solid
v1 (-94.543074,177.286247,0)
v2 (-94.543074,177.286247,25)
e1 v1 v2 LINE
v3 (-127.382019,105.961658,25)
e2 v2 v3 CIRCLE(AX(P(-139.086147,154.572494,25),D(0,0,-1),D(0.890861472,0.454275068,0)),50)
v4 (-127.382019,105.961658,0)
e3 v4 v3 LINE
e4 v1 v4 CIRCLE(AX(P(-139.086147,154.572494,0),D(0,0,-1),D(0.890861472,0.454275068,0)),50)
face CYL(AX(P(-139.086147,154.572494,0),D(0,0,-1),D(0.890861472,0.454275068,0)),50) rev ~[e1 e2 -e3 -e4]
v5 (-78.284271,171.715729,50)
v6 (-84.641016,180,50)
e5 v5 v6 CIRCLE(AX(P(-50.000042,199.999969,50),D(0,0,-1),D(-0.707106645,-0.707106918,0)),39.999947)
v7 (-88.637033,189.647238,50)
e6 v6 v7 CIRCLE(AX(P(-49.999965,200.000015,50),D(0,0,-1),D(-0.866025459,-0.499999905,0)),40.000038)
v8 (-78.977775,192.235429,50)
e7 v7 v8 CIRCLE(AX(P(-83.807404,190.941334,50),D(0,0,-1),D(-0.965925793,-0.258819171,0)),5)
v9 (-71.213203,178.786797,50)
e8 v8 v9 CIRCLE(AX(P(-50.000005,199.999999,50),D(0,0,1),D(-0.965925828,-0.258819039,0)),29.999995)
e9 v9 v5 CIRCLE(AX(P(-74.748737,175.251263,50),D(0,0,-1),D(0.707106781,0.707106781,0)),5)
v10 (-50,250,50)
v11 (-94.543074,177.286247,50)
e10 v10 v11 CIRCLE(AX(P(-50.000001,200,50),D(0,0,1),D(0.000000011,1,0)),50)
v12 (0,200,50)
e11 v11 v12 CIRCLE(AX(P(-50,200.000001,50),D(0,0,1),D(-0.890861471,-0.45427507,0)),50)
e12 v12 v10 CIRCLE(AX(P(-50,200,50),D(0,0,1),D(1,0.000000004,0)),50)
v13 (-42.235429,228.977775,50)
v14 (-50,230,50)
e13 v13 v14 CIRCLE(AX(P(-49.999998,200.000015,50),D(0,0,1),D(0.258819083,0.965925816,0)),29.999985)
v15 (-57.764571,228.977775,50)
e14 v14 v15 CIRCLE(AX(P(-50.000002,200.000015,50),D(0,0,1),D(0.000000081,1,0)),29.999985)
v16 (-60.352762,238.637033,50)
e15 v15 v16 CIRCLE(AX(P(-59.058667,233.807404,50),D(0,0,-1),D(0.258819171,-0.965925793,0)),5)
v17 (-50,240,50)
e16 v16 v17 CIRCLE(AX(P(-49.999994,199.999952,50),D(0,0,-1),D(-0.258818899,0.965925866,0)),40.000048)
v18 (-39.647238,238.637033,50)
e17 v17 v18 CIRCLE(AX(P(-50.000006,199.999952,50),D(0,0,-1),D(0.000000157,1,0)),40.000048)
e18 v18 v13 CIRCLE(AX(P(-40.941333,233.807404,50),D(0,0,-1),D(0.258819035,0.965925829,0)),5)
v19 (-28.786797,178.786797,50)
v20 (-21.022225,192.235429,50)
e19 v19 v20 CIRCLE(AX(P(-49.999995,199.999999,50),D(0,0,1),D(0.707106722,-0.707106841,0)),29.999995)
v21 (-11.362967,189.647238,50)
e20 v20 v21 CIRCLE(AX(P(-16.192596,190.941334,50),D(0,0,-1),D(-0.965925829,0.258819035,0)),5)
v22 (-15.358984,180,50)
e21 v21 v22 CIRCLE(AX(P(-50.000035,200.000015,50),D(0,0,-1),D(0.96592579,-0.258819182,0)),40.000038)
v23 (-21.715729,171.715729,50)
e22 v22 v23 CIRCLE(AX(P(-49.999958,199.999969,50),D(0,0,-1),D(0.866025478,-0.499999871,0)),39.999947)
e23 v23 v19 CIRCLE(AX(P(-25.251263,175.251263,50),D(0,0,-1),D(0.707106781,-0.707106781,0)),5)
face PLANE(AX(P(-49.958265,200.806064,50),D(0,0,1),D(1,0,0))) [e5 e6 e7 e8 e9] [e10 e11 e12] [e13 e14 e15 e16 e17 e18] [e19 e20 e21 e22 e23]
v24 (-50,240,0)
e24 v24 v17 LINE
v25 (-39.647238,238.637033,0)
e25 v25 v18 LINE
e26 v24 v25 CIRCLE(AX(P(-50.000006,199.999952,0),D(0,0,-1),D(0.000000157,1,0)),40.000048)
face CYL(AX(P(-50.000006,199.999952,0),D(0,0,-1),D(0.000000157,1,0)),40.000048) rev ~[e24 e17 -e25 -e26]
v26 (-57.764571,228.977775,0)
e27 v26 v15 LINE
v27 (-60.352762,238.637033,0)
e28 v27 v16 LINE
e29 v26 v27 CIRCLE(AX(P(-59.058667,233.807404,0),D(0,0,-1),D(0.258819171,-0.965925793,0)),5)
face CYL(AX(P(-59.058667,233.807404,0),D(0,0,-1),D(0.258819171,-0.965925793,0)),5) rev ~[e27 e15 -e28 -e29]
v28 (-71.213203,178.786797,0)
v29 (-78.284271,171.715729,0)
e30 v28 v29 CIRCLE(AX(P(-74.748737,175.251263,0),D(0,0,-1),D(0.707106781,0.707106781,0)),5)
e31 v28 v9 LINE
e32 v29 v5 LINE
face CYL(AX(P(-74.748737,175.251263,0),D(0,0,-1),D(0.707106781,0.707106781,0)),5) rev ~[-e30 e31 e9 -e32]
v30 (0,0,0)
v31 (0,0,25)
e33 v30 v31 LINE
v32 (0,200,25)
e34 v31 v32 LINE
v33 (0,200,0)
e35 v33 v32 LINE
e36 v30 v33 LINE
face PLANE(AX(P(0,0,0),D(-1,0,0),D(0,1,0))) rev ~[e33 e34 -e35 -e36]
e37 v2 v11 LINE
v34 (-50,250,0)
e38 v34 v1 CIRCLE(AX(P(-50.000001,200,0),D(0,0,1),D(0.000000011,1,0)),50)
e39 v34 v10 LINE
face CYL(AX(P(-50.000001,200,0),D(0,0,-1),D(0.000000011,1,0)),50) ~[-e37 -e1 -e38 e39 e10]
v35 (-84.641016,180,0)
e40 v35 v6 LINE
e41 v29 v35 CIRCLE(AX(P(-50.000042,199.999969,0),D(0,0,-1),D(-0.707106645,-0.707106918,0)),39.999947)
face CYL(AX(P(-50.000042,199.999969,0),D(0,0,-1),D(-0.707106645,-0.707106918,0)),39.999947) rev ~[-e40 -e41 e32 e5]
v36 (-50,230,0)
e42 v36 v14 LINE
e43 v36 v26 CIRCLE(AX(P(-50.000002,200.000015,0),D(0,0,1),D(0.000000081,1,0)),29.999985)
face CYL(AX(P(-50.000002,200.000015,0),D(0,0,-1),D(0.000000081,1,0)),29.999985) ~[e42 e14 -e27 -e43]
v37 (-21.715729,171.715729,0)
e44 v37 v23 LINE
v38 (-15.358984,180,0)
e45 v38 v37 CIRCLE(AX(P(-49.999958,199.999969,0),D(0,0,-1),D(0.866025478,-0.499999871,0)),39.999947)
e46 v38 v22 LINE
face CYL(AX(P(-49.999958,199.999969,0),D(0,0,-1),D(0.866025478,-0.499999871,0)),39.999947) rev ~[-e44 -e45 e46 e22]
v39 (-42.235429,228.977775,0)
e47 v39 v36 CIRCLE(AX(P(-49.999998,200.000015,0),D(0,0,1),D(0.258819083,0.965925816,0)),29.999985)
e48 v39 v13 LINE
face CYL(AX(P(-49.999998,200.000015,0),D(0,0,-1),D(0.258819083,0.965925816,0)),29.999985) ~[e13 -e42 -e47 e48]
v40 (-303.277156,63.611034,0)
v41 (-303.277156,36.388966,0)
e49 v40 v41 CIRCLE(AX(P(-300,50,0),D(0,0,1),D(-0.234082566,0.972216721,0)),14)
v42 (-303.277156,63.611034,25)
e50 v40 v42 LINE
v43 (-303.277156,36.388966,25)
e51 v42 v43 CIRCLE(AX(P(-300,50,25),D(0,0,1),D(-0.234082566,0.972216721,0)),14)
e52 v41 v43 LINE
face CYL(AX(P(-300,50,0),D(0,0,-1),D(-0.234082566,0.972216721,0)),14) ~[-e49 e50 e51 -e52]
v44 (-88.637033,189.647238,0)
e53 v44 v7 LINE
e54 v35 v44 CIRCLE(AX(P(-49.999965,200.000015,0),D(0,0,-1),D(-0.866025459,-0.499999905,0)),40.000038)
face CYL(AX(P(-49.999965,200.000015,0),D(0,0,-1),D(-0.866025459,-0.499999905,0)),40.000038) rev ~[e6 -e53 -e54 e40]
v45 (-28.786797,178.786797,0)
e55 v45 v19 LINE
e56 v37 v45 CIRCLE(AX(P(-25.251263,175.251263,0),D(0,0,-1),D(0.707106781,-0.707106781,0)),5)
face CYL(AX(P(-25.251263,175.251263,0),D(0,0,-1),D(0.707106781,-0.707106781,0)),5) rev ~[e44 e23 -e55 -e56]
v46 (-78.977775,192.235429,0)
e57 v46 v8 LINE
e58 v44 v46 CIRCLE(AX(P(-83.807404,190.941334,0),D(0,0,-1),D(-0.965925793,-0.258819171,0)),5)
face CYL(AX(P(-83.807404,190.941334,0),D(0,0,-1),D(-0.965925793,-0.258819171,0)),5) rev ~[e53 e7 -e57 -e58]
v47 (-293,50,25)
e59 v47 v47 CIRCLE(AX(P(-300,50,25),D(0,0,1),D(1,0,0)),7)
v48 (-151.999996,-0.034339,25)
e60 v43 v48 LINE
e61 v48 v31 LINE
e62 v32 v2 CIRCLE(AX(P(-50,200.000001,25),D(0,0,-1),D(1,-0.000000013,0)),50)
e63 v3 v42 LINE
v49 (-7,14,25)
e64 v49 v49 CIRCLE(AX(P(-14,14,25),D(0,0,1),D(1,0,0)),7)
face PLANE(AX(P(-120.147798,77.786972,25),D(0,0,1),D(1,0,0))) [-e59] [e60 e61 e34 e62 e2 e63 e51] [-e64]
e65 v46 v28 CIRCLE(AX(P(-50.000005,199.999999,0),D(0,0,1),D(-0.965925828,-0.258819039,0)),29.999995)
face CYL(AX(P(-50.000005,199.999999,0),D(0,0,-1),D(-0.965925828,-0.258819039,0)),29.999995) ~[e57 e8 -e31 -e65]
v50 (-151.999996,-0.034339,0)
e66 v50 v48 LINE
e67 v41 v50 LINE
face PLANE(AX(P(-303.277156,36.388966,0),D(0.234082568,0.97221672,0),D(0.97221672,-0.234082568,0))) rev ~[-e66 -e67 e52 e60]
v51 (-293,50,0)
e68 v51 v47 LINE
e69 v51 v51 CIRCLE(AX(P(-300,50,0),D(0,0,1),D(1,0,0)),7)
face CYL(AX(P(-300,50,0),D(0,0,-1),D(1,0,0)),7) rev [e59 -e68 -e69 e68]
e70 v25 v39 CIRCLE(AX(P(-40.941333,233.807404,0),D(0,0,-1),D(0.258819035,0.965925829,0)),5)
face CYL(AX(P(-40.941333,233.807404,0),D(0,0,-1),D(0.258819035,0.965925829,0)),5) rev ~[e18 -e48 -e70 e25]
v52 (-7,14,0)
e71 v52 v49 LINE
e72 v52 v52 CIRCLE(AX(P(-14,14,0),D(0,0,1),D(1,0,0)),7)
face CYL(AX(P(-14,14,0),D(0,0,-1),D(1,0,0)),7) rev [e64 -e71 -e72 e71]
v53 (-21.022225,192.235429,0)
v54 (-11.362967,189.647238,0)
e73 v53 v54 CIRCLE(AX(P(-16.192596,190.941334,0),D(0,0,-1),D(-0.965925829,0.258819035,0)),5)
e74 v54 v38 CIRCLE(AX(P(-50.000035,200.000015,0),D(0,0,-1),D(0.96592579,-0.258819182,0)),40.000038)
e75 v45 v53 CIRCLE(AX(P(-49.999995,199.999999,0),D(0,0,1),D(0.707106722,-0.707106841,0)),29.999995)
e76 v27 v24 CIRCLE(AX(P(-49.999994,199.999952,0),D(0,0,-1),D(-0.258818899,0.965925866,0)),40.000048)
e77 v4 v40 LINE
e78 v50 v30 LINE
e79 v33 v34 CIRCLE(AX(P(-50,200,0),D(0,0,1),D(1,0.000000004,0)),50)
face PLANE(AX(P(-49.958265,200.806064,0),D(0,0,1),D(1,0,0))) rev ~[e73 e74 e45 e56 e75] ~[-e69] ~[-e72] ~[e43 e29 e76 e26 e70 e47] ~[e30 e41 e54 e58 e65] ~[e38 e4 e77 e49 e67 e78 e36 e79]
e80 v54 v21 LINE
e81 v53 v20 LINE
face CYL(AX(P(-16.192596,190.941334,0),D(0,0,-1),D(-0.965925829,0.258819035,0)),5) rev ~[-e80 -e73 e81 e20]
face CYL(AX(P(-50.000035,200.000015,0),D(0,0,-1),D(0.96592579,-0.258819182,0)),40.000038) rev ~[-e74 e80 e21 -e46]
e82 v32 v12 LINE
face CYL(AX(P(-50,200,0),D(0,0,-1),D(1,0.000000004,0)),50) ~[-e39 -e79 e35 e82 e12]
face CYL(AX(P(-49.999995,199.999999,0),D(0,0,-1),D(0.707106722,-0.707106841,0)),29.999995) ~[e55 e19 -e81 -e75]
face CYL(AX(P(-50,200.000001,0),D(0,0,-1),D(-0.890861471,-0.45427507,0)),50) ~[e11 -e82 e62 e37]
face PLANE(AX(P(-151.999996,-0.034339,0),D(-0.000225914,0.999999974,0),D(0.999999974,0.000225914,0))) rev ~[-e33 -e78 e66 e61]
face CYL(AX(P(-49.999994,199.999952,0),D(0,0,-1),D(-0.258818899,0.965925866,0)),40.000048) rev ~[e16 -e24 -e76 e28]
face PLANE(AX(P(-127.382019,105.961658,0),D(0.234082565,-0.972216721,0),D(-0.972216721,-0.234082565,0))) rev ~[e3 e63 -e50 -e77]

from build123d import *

# Parameters (mm, degrees)
F0_R     = 7
F1_DEPTH = 25
F2_DEPTH = 50


with BuildPart() as f1:
    # F0 (on Top) → F1 (new body)
    with BuildSketch(Plane.XY):
        with BuildLine():
            Line((-151.999996, -0.034339), (0, 0))
            Line((0, 0), (0, 200))
            ThreePointArc((0, 200), (-38.319968, 151.383369), (-94.543074, 177.286247))
            ThreePointArc((-94.543074, 177.286247), (-93.668792, 133.66164), (-127.382019, 105.961658))
            Line((-127.382019, 105.961658), (-303.277156, 63.611034))
            ThreePointArc((-303.277156, 63.611034), (-291.336288, 60.997277), (-286, 50))
            ThreePointArc((-286, 50), (-291.336288, 39.002723), (-303.277156, 36.388966))
            Line((-303.277156, 36.388966), (-151.999996, -0.034339))
        make_face()
        with Locations((-14, 14)):
            Circle(F0_R, mode=Mode.SUBTRACT)
        with BuildLine():
            ThreePointArc((-303.277156, 63.611034), (-314, 50), (-303.277156, 36.388966))
            ThreePointArc((-303.277156, 36.388966), (-291.336288, 39.002723), (-286, 50))
            ThreePointArc((-286, 50), (-291.336288, 60.997277), (-303.277156, 63.611034))
        make_face()
        with Locations((-300, 50)):
            Circle(F0_R, mode=Mode.SUBTRACT)
    extrude(amount=F1_DEPTH)

    # F0 (on Top) → F2 (join)
    with BuildSketch(Plane.XY):
        with BuildLine():
            ThreePointArc((-94.543074, 177.286247), (-38.319968, 151.383369), (0, 200))
            ThreePointArc((0, 200), (-14.644661, 235.355339), (-50, 250))
            ThreePointArc((-50, 250), (-92.63618, 226.11812), (-94.543074, 177.286247))
        make_face()
        with BuildLine():
            ThreePointArc((-84.641016, 180), (-86.955181, 184.692663), (-88.637033, 189.647238))
            ThreePointArc((-88.637033, 189.647238), (-85.101499, 195.770963), (-78.977775, 192.235429))
            ThreePointArc((-78.977775, 192.235429), (-75.980762, 185), (-71.213203, 178.786797))
            ThreePointArc((-71.213203, 178.786797), (-71.213203, 171.715729), (-78.284271, 171.715729))
            ThreePointArc((-78.284271, 171.715729), (-81.734134, 175.649543), (-84.641016, 180))
        make_face(mode=Mode.SUBTRACT)
        with BuildLine():
            ThreePointArc((-15.358984, 180), (-18.265866, 175.649543), (-21.715729, 171.715729))
            ThreePointArc((-21.715729, 171.715729), (-28.786797, 171.715729), (-28.786797, 178.786797))
            ThreePointArc((-28.786797, 178.786797), (-24.019238, 185), (-21.022225, 192.235429))
            ThreePointArc((-21.022225, 192.235429), (-14.898501, 195.770963), (-11.362967, 189.647238))
            ThreePointArc((-11.362967, 189.647238), (-13.044819, 184.692663), (-15.358984, 180))
        make_face(mode=Mode.SUBTRACT)
        with BuildLine():
            ThreePointArc((-60.352762, 238.637033), (-55.221048, 239.657794), (-50, 240))
            ThreePointArc((-50, 240), (-44.778952, 239.657794), (-39.647238, 238.637033))
            ThreePointArc((-39.647238, 238.637033), (-36.111704, 232.513309), (-42.235429, 228.977775))
            ThreePointArc((-42.235429, 228.977775), (-46.084214, 229.743346), (-50, 230))
            ThreePointArc((-50, 230), (-53.915786, 229.743346), (-57.764571, 228.977775))
            ThreePointArc((-57.764571, 228.977775), (-63.888296, 232.513309), (-60.352762, 238.637033))
        make_face(mode=Mode.SUBTRACT)
    extrude(amount=F2_DEPTH)


solid = f1.part
